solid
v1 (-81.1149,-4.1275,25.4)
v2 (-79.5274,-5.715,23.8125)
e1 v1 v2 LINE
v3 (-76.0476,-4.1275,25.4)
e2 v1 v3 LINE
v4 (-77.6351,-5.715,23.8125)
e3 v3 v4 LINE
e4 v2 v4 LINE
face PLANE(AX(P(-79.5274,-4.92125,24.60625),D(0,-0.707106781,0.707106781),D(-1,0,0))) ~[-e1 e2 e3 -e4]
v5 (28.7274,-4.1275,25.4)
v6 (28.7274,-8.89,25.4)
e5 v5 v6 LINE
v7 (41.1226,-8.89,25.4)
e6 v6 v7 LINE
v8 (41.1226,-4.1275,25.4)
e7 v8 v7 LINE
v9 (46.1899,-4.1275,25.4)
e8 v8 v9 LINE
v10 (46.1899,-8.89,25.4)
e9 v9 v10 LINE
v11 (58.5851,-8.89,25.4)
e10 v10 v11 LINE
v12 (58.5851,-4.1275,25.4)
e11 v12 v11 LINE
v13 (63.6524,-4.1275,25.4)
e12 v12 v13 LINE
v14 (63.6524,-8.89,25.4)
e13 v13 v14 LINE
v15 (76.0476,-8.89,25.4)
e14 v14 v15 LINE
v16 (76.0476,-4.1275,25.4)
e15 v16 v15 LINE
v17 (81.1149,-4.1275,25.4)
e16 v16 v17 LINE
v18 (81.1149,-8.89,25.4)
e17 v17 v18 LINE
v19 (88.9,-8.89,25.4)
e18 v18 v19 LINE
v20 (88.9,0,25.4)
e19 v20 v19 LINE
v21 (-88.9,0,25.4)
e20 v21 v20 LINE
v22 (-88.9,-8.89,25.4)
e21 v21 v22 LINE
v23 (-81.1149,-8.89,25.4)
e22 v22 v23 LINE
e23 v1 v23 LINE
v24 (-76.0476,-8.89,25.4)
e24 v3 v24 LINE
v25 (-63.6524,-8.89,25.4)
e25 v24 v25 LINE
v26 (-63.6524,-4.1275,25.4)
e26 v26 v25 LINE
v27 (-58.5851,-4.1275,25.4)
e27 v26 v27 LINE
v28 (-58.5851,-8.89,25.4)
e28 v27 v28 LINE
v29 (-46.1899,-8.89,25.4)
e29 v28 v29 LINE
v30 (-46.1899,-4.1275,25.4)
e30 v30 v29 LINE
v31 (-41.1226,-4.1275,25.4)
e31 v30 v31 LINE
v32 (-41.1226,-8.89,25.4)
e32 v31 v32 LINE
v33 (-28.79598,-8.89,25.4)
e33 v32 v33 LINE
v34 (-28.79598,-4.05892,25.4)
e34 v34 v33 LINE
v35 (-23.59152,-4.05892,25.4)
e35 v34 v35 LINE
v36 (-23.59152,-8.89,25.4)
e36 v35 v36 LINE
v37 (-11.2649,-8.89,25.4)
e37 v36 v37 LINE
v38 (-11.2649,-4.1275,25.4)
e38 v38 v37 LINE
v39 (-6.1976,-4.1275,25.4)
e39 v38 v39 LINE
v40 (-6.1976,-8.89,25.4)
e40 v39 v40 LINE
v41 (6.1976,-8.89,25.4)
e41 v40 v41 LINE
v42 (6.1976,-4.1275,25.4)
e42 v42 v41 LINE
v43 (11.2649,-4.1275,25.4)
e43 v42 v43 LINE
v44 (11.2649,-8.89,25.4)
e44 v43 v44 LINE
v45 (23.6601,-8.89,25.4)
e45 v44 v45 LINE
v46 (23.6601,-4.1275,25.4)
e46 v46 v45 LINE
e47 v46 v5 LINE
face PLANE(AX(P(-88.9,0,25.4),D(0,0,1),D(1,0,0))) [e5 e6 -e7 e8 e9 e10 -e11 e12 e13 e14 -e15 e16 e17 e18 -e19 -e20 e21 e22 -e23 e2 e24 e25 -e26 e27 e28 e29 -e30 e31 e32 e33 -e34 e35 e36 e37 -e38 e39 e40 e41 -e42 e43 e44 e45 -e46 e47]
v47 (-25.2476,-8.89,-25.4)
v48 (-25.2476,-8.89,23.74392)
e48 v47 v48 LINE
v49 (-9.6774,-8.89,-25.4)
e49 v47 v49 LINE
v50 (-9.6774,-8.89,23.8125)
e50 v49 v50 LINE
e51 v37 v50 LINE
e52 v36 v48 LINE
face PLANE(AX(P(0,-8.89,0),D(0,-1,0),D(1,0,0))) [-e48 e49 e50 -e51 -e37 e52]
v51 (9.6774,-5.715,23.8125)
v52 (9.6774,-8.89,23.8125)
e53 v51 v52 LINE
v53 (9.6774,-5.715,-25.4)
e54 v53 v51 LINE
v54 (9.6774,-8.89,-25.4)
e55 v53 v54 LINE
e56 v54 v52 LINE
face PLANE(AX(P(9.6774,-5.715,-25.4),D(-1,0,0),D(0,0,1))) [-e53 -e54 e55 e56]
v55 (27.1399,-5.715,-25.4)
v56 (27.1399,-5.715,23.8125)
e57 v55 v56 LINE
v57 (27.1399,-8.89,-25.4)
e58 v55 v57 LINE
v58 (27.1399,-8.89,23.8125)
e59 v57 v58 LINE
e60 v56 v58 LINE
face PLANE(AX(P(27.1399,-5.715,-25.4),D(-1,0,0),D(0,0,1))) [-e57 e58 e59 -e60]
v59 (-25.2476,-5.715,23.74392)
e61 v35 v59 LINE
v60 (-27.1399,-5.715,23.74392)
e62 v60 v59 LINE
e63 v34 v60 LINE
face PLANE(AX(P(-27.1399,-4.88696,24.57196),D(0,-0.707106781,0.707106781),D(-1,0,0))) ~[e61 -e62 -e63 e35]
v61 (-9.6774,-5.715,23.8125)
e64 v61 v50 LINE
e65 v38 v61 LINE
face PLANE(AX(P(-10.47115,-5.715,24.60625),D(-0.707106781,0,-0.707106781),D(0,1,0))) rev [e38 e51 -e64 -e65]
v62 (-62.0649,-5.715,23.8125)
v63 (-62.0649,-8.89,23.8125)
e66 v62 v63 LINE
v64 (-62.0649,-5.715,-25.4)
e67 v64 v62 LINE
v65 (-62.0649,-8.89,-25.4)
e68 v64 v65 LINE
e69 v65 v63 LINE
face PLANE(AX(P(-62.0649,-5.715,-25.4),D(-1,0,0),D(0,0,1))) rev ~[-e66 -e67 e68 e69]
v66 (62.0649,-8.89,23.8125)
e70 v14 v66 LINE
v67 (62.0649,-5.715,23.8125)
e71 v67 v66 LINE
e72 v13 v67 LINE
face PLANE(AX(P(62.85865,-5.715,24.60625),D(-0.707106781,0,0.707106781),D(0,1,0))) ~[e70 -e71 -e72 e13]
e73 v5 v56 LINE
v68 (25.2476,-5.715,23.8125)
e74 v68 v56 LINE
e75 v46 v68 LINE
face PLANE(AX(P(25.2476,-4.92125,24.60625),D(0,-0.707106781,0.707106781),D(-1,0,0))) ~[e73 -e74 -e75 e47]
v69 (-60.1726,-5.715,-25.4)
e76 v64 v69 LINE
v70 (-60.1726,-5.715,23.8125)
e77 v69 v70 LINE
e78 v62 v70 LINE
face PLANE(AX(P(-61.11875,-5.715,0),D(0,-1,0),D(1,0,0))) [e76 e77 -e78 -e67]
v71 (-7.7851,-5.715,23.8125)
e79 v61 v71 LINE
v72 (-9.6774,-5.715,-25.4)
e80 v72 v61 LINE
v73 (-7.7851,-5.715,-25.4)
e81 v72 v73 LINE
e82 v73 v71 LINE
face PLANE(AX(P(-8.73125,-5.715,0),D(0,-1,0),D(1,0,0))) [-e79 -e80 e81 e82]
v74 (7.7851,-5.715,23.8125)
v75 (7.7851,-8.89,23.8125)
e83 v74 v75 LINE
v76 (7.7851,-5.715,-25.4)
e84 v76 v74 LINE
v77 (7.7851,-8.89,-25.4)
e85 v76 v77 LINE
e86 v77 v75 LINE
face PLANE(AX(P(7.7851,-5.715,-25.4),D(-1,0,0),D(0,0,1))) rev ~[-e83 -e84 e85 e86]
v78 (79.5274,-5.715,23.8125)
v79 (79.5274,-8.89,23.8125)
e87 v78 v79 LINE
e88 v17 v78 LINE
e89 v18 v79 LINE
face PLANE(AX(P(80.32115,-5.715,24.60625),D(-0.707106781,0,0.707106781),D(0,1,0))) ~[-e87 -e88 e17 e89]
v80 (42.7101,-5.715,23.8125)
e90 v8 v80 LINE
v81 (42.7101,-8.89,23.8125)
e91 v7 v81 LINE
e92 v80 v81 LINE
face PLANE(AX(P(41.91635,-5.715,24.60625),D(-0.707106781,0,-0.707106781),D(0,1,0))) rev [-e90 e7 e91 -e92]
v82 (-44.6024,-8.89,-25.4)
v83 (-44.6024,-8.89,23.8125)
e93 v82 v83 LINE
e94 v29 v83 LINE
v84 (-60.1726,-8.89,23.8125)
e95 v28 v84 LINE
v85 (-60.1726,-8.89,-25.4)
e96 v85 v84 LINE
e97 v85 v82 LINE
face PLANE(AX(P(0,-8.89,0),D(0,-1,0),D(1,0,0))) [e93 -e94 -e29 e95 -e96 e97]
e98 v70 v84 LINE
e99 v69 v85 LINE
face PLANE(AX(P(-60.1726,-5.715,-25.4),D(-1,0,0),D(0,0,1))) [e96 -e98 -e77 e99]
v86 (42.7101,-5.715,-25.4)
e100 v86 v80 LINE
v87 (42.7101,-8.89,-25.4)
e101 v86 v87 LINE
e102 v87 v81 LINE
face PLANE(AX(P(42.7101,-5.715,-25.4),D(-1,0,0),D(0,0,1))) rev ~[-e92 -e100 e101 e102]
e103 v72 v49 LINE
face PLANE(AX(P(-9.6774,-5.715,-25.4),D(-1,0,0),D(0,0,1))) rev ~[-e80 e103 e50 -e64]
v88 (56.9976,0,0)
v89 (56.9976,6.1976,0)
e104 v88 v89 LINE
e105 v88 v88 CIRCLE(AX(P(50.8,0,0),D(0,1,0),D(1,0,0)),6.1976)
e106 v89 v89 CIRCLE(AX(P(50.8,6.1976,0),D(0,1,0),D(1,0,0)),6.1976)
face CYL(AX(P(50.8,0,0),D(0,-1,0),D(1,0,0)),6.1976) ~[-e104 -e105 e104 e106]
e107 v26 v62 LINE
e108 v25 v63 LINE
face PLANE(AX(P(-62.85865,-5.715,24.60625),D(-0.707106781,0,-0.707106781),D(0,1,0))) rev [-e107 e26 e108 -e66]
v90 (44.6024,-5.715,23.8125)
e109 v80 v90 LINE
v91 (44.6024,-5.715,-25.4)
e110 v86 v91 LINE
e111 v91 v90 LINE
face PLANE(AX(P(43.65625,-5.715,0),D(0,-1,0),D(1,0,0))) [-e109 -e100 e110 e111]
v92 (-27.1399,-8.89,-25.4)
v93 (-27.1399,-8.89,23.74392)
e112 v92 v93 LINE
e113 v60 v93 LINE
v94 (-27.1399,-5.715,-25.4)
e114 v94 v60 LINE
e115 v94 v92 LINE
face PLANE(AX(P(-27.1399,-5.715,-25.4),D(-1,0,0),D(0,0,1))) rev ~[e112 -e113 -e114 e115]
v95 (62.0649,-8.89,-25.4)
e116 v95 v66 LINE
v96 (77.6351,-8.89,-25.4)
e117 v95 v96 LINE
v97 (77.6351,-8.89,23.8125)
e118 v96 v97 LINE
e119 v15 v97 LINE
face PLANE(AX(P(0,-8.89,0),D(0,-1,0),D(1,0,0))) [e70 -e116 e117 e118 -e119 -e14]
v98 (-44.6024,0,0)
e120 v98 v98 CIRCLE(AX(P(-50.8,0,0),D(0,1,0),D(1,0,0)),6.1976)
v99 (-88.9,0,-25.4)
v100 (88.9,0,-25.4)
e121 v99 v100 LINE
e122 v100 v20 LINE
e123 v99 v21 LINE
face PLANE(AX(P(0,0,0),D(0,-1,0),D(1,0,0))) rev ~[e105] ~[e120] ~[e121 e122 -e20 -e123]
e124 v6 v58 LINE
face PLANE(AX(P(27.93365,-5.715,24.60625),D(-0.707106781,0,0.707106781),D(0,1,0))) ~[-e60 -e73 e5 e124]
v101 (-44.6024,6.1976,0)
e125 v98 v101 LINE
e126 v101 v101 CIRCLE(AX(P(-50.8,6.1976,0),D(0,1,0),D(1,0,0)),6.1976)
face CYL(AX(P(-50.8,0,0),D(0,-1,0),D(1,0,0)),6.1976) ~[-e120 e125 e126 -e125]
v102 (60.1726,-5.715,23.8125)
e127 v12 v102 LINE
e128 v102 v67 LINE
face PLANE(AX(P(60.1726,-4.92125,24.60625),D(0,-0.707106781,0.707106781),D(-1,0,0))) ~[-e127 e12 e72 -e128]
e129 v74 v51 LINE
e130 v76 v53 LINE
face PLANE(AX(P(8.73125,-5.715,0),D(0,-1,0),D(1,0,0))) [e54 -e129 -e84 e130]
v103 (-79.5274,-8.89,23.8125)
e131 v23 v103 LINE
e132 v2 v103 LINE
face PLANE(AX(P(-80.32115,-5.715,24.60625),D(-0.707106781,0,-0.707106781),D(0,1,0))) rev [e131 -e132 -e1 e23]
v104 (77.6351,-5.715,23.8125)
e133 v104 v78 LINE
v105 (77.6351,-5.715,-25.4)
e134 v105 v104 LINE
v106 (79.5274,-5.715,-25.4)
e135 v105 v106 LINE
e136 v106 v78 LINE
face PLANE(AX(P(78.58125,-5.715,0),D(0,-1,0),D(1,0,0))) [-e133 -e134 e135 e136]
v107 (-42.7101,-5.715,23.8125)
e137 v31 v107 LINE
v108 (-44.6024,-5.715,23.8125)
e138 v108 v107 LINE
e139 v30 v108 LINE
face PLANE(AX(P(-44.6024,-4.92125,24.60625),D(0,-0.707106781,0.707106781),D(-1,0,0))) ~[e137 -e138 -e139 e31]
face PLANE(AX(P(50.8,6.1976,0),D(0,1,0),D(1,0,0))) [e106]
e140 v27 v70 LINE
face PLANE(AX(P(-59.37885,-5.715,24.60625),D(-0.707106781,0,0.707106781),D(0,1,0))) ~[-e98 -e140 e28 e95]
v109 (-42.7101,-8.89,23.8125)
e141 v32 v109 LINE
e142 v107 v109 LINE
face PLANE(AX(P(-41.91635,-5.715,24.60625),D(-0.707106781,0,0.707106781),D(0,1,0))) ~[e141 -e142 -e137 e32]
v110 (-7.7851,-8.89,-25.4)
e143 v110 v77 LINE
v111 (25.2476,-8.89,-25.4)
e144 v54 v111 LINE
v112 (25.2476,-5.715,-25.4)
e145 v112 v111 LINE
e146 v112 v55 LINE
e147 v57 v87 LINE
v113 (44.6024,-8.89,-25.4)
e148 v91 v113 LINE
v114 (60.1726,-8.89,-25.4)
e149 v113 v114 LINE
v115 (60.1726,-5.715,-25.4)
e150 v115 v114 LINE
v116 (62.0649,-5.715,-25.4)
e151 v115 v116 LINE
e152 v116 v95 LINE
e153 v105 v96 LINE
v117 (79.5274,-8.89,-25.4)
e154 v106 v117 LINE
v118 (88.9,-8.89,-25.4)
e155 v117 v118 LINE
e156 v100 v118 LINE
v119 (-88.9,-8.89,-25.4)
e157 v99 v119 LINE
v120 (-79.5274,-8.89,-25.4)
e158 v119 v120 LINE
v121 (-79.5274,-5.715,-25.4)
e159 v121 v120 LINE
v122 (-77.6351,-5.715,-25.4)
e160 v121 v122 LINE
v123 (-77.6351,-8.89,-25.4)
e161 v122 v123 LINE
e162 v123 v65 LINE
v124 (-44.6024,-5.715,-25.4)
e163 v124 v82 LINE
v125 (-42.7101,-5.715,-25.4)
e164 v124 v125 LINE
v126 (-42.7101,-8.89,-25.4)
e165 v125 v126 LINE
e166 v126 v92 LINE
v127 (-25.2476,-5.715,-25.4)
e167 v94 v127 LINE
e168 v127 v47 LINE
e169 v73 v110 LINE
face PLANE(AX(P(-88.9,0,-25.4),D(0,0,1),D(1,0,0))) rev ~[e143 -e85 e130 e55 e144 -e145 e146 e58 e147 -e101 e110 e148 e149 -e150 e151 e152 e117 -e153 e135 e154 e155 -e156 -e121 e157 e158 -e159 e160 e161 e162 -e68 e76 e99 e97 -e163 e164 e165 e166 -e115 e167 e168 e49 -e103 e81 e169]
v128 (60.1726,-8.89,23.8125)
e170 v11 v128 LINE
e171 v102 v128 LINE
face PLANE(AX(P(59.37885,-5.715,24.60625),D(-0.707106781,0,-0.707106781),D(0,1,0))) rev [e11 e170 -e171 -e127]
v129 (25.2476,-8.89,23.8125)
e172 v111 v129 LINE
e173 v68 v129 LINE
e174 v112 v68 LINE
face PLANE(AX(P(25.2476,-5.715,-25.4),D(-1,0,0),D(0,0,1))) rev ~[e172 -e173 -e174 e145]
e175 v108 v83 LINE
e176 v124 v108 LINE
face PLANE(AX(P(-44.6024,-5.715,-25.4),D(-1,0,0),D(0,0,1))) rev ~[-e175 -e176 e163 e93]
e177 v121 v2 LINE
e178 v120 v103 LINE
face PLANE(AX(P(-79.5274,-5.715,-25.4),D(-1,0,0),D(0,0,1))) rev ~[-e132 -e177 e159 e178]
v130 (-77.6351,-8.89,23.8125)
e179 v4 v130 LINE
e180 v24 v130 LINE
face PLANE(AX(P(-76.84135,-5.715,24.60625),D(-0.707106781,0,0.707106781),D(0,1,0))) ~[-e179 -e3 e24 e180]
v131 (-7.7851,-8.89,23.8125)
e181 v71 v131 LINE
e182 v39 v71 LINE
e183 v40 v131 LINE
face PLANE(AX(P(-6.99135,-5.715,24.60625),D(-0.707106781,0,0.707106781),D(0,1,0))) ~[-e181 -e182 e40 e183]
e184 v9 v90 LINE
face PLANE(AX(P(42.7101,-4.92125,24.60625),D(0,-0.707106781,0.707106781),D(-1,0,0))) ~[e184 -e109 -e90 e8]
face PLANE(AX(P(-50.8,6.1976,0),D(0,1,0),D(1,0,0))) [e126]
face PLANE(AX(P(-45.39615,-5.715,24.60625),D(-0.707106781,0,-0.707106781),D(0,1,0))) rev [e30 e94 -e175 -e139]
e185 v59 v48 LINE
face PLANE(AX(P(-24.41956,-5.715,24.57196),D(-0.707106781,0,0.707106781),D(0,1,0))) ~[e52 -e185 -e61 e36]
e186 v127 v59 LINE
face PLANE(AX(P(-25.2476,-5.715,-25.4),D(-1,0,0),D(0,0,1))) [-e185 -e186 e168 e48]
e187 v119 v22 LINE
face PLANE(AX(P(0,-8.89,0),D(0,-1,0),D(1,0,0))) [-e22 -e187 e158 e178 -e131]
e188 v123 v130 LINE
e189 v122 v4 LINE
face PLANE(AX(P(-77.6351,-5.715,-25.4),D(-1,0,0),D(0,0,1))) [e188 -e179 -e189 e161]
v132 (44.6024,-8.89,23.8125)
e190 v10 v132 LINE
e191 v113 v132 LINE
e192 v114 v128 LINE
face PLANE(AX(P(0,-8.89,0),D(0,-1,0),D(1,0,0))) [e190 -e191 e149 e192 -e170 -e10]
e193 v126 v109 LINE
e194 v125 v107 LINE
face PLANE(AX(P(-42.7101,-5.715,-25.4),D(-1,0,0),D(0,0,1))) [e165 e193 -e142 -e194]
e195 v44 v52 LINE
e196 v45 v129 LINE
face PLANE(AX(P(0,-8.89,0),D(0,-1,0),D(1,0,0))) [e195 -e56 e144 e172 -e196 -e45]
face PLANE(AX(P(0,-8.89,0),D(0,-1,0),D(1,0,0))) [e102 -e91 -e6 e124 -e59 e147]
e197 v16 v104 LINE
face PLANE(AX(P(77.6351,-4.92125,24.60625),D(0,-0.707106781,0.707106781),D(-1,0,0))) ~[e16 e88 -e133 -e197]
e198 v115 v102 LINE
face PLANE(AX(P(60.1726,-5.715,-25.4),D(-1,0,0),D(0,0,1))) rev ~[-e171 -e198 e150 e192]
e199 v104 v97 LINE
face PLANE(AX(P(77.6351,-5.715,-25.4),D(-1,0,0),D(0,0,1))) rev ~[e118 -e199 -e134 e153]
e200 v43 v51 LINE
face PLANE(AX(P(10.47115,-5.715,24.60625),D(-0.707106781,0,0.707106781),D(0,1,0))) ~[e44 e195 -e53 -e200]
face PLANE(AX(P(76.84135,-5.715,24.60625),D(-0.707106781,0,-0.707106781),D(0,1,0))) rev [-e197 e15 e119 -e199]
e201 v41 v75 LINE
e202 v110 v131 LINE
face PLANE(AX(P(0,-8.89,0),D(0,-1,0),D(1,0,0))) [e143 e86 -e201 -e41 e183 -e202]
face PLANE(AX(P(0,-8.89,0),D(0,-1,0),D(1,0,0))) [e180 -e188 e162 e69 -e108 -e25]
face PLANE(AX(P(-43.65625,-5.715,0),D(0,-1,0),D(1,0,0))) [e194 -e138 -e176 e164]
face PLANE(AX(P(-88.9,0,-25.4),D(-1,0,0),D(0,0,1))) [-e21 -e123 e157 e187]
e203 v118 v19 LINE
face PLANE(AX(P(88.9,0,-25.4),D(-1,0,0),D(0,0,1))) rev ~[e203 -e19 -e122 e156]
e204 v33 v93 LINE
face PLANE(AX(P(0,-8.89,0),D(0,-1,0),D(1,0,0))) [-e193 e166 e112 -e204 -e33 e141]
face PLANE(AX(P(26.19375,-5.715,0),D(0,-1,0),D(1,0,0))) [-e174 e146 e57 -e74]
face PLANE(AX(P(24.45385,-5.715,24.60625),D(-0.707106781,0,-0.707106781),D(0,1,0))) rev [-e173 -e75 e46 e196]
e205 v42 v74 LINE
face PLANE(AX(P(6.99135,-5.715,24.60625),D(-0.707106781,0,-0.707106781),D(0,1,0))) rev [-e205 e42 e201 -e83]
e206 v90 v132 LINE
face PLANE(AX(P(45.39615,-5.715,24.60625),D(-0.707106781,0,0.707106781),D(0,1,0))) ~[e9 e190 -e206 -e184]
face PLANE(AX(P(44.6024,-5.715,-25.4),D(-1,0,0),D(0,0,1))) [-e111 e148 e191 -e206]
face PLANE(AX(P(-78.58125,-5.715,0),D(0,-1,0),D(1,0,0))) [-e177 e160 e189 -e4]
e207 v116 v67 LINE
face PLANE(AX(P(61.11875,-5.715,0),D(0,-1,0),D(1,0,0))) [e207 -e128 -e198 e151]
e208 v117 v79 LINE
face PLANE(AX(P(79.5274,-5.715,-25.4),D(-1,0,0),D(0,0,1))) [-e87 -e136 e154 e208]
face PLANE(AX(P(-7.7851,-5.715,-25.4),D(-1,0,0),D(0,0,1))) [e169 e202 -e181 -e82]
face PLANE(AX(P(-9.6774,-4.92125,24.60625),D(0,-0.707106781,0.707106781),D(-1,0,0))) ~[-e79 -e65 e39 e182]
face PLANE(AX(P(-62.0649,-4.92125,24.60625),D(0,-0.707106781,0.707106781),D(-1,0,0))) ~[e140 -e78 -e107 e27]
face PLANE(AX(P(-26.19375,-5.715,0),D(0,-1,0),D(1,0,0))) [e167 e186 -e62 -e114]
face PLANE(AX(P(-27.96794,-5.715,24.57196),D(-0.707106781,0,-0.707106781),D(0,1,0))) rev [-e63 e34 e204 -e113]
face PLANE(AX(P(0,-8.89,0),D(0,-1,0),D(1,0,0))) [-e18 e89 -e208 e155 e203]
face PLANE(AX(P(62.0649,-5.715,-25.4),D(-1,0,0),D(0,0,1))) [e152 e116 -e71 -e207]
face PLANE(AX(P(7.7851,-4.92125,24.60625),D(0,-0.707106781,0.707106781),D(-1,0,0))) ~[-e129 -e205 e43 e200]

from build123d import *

# Parameters (mm, degrees)
SKETCH_W          = 177.8
SKETCH_H          = 50.8
PAD_DEPTH         = 8.89
CYLINDER_R        = 6.1976
CYLINDER_DEPTH    = 6.1976
CYLINDER001_R     = 6.1976
CYLINDER001_DEPTH = 6.1976
BOX_W             = 1.8923
BOX_H             = 50.8
BOX_DEPTH         = 3.175
BOX001_W          = 1.8923
BOX001_H          = 50.8
BOX001_DEPTH      = 3.175
BOX002_W          = 1.8923
BOX002_H          = 50.8
BOX002_DEPTH      = 3.175
BOX003_W          = 1.8923
BOX003_H          = 50.8
BOX003_DEPTH      = 3.175
BOX004_W          = 1.8923
BOX004_H          = 50.8
BOX004_DEPTH      = 3.175
BOX005_W          = 1.8923
BOX005_H          = 50.8
BOX005_DEPTH      = 3.175
BOX006_W          = 1.8923
BOX006_H          = 50.8
BOX006_DEPTH      = 3.175
BOX007_W          = 1.8923
BOX007_H          = 50.8
BOX007_DEPTH      = 3.175
BOX008_W          = 1.8923
BOX008_H          = 50.8
BOX008_DEPTH      = 3.175
BOX009_W          = 1.8923
BOX009_H          = 50.8
BOX009_DEPTH      = 3.175
CHAMFER_SIZE      = 1.5875
CHAMFER001_SIZE   = 1.5875
CHAMFER002_SIZE   = 1.5875
CHAMFER003_SIZE   = 1.65608
CHAMFER004_SIZE   = 1.5875
CHAMFER005_SIZE   = 1.5875
CHAMFER006_SIZE   = 1.5875
CHAMFER007_SIZE   = 1.5875
CHAMFER008_SIZE   = 1.5875
CHAMFER009_SIZE   = 1.5875


with BuildPart() as part:
    # Sketch → Pad (new body)
    with BuildSketch(Plane.XZ):
        Rectangle(SKETCH_W, SKETCH_H)
    extrude(amount=PAD_DEPTH)

    # Cylinder → Cylinder (join)
    with BuildSketch(Plane(origin=(50.8, 0, 0), x_dir=(1, 0, 0), z_dir=(0, 1, 0))):
        Circle(CYLINDER_R)
    extrude(amount=CYLINDER_DEPTH)

    # Cylinder001 → Cylinder001 (join)
    with BuildSketch(Plane(origin=(-50.8, 0, 0), x_dir=(1, 0, 0), z_dir=(0, 1, 0))):
        Circle(CYLINDER001_R)
    extrude(amount=CYLINDER001_DEPTH)

    # Box → Box (cut)
    with BuildSketch(Plane(origin=(-9.6774, -5.715, -25.4), x_dir=(1, 0, 0), z_dir=(0, -1, 0))):
        with Locations((0.94615, 25.4)):
            Rectangle(BOX_W, BOX_H)
    extrude(amount=BOX_DEPTH, mode=Mode.SUBTRACT)

    # Box001 → Box001 (cut)
    with BuildSketch(Plane(origin=(-27.1399, -5.715, -25.4), x_dir=(1, 0, 0), z_dir=(0, -1, 0))):
        with Locations((0.94615, 25.4)):
            Rectangle(BOX001_W, BOX001_H)
    extrude(amount=BOX001_DEPTH, mode=Mode.SUBTRACT)

    # Box002 → Box002 (cut)
    with BuildSketch(Plane(origin=(-44.6024, -5.715, -25.4), x_dir=(1, 0, 0), z_dir=(0, -1, 0))):
        with Locations((0.94615, 25.4)):
            Rectangle(BOX002_W, BOX002_H)
    extrude(amount=BOX002_DEPTH, mode=Mode.SUBTRACT)

    # Box003 → Box003 (cut)
    with BuildSketch(Plane(origin=(-62.0649, -5.715, -25.4), x_dir=(1, 0, 0), z_dir=(0, -1, 0))):
        with Locations((0.94615, 25.4)):
            Rectangle(BOX003_W, BOX003_H)
    extrude(amount=BOX003_DEPTH, mode=Mode.SUBTRACT)

    # Box004 → Box004 (cut)
    with BuildSketch(Plane(origin=(-79.5274, -5.715, -25.4), x_dir=(1, 0, 0), z_dir=(0, -1, 0))):
        with Locations((0.94615, 25.4)):
            Rectangle(BOX004_W, BOX004_H)
    extrude(amount=BOX004_DEPTH, mode=Mode.SUBTRACT)

    # Box005 → Box005 (cut)
    with BuildSketch(Plane(origin=(7.7851, -5.715, -25.4), x_dir=(1, 0, 0), z_dir=(0, -1, 0))):
        with Locations((0.94615, 25.4)):
            Rectangle(BOX005_W, BOX005_H)
    extrude(amount=BOX005_DEPTH, mode=Mode.SUBTRACT)

    # Box006 → Box006 (cut)
    with BuildSketch(Plane(origin=(25.2476, -5.715, -25.4), x_dir=(1, 0, 0), z_dir=(0, -1, 0))):
        with Locations((0.94615, 25.4)):
            Rectangle(BOX006_W, BOX006_H)
    extrude(amount=BOX006_DEPTH, mode=Mode.SUBTRACT)

    # Box007 → Box007 (cut)
    with BuildSketch(Plane(origin=(42.7101, -5.715, -25.4), x_dir=(1, 0, 0), z_dir=(0, -1, 0))):
        with Locations((0.94615, 25.4)):
            Rectangle(BOX007_W, BOX007_H)
    extrude(amount=BOX007_DEPTH, mode=Mode.SUBTRACT)

    # Box008 → Box008 (cut)
    with BuildSketch(Plane(origin=(60.1726, -5.715, -25.4), x_dir=(1, 0, 0), z_dir=(0, -1, 0))):
        with Locations((0.94615, 25.4)):
            Rectangle(BOX008_W, BOX008_H)
    extrude(amount=BOX008_DEPTH, mode=Mode.SUBTRACT)

    # Box009 → Box009 (cut)
    with BuildSketch(Plane(origin=(77.6351, -5.715, -25.4), x_dir=(1, 0, 0), z_dir=(0, -1, 0))):
        with Locations((0.94615, 25.4)):
            Rectangle(BOX009_W, BOX009_H)
    extrude(amount=BOX009_DEPTH, mode=Mode.SUBTRACT)

    # Chamfer
    chamfer_edges = [part.edges().sort_by_distance(p)[0] for p in [
        (-79.5274, -7.3025, 25.4),
        (-78.58125, -5.715, 25.4),
        (-77.6351, -7.3025, 25.4),
    ]]
    chamfer(chamfer_edges, length=CHAMFER_SIZE)

    # Chamfer001
    chamfer001_edges = [part.edges().sort_by_distance(p)[0] for p in [
        (-62.0649, -7.3025, 25.4),
        (-61.11875, -5.715, 25.4),
        (-60.1726, -7.3025, 25.4),
    ]]
    chamfer(chamfer001_edges, length=CHAMFER001_SIZE)

    # Chamfer002
    chamfer002_edges = [part.edges().sort_by_distance(p)[0] for p in [
        (-43.65625, -5.715, 25.4),
        (-44.6024, -7.3025, 25.4),
        (-42.7101, -7.3025, 25.4),
    ]]
    chamfer(chamfer002_edges, length=CHAMFER002_SIZE)

    # Chamfer003
    chamfer003_edges = [part.edges().sort_by_distance(p)[0] for p in [
        (-27.1399, -7.3025, 25.4),
        (-26.19375, -5.715, 25.4),
        (-25.2476, -7.3025, 25.4),
    ]]
    chamfer(chamfer003_edges, length=CHAMFER003_SIZE)

    # Chamfer004
    chamfer004_edges = [part.edges().sort_by_distance(p)[0] for p in [
        (-9.6774, -7.3025, 25.4),
        (-8.73125, -5.715, 25.4),
        (-7.7851, -7.3025, 25.4),
    ]]
    chamfer(chamfer004_edges, length=CHAMFER004_SIZE)

    # Chamfer005
    chamfer005_edges = [part.edges().sort_by_distance(p)[0] for p in [
        (7.7851, -7.3025, 25.4),
        (8.73125, -5.715, 25.4),
        (9.6774, -7.3025, 25.4),
    ]]
    chamfer(chamfer005_edges, length=CHAMFER005_SIZE)

    # Chamfer006
    chamfer006_edges = [part.edges().sort_by_distance(p)[0] for p in [
        (25.2476, -7.3025, 25.4),
        (26.19375, -5.715, 25.4),
        (27.1399, -7.3025, 25.4),
    ]]
    chamfer(chamfer006_edges, length=CHAMFER006_SIZE)

    # Chamfer007
    chamfer007_edges = [part.edges().sort_by_distance(p)[0] for p in [
        (42.7101, -7.3025, 25.4),
        (43.65625, -5.715, 25.4),
        (44.6024, -7.3025, 25.4),
    ]]
    chamfer(chamfer007_edges, length=CHAMFER007_SIZE)

    # Chamfer008
    chamfer008_edges = [part.edges().sort_by_distance(p)[0] for p in [
        (60.1726, -7.3025, 25.4),
        (61.11875, -5.715, 25.4),
        (62.0649, -7.3025, 25.4),
    ]]
    chamfer(chamfer008_edges, length=CHAMFER008_SIZE)

    # Chamfer009
    chamfer009_edges = [part.edges().sort_by_distance(p)[0] for p in [
        (77.6351, -7.3025, 25.4),
        (78.58125, -5.715, 25.4),
        (79.5274, -7.3025, 25.4),
    ]]
    chamfer(chamfer009_edges, length=CHAMFER009_SIZE)


solid = part.part
